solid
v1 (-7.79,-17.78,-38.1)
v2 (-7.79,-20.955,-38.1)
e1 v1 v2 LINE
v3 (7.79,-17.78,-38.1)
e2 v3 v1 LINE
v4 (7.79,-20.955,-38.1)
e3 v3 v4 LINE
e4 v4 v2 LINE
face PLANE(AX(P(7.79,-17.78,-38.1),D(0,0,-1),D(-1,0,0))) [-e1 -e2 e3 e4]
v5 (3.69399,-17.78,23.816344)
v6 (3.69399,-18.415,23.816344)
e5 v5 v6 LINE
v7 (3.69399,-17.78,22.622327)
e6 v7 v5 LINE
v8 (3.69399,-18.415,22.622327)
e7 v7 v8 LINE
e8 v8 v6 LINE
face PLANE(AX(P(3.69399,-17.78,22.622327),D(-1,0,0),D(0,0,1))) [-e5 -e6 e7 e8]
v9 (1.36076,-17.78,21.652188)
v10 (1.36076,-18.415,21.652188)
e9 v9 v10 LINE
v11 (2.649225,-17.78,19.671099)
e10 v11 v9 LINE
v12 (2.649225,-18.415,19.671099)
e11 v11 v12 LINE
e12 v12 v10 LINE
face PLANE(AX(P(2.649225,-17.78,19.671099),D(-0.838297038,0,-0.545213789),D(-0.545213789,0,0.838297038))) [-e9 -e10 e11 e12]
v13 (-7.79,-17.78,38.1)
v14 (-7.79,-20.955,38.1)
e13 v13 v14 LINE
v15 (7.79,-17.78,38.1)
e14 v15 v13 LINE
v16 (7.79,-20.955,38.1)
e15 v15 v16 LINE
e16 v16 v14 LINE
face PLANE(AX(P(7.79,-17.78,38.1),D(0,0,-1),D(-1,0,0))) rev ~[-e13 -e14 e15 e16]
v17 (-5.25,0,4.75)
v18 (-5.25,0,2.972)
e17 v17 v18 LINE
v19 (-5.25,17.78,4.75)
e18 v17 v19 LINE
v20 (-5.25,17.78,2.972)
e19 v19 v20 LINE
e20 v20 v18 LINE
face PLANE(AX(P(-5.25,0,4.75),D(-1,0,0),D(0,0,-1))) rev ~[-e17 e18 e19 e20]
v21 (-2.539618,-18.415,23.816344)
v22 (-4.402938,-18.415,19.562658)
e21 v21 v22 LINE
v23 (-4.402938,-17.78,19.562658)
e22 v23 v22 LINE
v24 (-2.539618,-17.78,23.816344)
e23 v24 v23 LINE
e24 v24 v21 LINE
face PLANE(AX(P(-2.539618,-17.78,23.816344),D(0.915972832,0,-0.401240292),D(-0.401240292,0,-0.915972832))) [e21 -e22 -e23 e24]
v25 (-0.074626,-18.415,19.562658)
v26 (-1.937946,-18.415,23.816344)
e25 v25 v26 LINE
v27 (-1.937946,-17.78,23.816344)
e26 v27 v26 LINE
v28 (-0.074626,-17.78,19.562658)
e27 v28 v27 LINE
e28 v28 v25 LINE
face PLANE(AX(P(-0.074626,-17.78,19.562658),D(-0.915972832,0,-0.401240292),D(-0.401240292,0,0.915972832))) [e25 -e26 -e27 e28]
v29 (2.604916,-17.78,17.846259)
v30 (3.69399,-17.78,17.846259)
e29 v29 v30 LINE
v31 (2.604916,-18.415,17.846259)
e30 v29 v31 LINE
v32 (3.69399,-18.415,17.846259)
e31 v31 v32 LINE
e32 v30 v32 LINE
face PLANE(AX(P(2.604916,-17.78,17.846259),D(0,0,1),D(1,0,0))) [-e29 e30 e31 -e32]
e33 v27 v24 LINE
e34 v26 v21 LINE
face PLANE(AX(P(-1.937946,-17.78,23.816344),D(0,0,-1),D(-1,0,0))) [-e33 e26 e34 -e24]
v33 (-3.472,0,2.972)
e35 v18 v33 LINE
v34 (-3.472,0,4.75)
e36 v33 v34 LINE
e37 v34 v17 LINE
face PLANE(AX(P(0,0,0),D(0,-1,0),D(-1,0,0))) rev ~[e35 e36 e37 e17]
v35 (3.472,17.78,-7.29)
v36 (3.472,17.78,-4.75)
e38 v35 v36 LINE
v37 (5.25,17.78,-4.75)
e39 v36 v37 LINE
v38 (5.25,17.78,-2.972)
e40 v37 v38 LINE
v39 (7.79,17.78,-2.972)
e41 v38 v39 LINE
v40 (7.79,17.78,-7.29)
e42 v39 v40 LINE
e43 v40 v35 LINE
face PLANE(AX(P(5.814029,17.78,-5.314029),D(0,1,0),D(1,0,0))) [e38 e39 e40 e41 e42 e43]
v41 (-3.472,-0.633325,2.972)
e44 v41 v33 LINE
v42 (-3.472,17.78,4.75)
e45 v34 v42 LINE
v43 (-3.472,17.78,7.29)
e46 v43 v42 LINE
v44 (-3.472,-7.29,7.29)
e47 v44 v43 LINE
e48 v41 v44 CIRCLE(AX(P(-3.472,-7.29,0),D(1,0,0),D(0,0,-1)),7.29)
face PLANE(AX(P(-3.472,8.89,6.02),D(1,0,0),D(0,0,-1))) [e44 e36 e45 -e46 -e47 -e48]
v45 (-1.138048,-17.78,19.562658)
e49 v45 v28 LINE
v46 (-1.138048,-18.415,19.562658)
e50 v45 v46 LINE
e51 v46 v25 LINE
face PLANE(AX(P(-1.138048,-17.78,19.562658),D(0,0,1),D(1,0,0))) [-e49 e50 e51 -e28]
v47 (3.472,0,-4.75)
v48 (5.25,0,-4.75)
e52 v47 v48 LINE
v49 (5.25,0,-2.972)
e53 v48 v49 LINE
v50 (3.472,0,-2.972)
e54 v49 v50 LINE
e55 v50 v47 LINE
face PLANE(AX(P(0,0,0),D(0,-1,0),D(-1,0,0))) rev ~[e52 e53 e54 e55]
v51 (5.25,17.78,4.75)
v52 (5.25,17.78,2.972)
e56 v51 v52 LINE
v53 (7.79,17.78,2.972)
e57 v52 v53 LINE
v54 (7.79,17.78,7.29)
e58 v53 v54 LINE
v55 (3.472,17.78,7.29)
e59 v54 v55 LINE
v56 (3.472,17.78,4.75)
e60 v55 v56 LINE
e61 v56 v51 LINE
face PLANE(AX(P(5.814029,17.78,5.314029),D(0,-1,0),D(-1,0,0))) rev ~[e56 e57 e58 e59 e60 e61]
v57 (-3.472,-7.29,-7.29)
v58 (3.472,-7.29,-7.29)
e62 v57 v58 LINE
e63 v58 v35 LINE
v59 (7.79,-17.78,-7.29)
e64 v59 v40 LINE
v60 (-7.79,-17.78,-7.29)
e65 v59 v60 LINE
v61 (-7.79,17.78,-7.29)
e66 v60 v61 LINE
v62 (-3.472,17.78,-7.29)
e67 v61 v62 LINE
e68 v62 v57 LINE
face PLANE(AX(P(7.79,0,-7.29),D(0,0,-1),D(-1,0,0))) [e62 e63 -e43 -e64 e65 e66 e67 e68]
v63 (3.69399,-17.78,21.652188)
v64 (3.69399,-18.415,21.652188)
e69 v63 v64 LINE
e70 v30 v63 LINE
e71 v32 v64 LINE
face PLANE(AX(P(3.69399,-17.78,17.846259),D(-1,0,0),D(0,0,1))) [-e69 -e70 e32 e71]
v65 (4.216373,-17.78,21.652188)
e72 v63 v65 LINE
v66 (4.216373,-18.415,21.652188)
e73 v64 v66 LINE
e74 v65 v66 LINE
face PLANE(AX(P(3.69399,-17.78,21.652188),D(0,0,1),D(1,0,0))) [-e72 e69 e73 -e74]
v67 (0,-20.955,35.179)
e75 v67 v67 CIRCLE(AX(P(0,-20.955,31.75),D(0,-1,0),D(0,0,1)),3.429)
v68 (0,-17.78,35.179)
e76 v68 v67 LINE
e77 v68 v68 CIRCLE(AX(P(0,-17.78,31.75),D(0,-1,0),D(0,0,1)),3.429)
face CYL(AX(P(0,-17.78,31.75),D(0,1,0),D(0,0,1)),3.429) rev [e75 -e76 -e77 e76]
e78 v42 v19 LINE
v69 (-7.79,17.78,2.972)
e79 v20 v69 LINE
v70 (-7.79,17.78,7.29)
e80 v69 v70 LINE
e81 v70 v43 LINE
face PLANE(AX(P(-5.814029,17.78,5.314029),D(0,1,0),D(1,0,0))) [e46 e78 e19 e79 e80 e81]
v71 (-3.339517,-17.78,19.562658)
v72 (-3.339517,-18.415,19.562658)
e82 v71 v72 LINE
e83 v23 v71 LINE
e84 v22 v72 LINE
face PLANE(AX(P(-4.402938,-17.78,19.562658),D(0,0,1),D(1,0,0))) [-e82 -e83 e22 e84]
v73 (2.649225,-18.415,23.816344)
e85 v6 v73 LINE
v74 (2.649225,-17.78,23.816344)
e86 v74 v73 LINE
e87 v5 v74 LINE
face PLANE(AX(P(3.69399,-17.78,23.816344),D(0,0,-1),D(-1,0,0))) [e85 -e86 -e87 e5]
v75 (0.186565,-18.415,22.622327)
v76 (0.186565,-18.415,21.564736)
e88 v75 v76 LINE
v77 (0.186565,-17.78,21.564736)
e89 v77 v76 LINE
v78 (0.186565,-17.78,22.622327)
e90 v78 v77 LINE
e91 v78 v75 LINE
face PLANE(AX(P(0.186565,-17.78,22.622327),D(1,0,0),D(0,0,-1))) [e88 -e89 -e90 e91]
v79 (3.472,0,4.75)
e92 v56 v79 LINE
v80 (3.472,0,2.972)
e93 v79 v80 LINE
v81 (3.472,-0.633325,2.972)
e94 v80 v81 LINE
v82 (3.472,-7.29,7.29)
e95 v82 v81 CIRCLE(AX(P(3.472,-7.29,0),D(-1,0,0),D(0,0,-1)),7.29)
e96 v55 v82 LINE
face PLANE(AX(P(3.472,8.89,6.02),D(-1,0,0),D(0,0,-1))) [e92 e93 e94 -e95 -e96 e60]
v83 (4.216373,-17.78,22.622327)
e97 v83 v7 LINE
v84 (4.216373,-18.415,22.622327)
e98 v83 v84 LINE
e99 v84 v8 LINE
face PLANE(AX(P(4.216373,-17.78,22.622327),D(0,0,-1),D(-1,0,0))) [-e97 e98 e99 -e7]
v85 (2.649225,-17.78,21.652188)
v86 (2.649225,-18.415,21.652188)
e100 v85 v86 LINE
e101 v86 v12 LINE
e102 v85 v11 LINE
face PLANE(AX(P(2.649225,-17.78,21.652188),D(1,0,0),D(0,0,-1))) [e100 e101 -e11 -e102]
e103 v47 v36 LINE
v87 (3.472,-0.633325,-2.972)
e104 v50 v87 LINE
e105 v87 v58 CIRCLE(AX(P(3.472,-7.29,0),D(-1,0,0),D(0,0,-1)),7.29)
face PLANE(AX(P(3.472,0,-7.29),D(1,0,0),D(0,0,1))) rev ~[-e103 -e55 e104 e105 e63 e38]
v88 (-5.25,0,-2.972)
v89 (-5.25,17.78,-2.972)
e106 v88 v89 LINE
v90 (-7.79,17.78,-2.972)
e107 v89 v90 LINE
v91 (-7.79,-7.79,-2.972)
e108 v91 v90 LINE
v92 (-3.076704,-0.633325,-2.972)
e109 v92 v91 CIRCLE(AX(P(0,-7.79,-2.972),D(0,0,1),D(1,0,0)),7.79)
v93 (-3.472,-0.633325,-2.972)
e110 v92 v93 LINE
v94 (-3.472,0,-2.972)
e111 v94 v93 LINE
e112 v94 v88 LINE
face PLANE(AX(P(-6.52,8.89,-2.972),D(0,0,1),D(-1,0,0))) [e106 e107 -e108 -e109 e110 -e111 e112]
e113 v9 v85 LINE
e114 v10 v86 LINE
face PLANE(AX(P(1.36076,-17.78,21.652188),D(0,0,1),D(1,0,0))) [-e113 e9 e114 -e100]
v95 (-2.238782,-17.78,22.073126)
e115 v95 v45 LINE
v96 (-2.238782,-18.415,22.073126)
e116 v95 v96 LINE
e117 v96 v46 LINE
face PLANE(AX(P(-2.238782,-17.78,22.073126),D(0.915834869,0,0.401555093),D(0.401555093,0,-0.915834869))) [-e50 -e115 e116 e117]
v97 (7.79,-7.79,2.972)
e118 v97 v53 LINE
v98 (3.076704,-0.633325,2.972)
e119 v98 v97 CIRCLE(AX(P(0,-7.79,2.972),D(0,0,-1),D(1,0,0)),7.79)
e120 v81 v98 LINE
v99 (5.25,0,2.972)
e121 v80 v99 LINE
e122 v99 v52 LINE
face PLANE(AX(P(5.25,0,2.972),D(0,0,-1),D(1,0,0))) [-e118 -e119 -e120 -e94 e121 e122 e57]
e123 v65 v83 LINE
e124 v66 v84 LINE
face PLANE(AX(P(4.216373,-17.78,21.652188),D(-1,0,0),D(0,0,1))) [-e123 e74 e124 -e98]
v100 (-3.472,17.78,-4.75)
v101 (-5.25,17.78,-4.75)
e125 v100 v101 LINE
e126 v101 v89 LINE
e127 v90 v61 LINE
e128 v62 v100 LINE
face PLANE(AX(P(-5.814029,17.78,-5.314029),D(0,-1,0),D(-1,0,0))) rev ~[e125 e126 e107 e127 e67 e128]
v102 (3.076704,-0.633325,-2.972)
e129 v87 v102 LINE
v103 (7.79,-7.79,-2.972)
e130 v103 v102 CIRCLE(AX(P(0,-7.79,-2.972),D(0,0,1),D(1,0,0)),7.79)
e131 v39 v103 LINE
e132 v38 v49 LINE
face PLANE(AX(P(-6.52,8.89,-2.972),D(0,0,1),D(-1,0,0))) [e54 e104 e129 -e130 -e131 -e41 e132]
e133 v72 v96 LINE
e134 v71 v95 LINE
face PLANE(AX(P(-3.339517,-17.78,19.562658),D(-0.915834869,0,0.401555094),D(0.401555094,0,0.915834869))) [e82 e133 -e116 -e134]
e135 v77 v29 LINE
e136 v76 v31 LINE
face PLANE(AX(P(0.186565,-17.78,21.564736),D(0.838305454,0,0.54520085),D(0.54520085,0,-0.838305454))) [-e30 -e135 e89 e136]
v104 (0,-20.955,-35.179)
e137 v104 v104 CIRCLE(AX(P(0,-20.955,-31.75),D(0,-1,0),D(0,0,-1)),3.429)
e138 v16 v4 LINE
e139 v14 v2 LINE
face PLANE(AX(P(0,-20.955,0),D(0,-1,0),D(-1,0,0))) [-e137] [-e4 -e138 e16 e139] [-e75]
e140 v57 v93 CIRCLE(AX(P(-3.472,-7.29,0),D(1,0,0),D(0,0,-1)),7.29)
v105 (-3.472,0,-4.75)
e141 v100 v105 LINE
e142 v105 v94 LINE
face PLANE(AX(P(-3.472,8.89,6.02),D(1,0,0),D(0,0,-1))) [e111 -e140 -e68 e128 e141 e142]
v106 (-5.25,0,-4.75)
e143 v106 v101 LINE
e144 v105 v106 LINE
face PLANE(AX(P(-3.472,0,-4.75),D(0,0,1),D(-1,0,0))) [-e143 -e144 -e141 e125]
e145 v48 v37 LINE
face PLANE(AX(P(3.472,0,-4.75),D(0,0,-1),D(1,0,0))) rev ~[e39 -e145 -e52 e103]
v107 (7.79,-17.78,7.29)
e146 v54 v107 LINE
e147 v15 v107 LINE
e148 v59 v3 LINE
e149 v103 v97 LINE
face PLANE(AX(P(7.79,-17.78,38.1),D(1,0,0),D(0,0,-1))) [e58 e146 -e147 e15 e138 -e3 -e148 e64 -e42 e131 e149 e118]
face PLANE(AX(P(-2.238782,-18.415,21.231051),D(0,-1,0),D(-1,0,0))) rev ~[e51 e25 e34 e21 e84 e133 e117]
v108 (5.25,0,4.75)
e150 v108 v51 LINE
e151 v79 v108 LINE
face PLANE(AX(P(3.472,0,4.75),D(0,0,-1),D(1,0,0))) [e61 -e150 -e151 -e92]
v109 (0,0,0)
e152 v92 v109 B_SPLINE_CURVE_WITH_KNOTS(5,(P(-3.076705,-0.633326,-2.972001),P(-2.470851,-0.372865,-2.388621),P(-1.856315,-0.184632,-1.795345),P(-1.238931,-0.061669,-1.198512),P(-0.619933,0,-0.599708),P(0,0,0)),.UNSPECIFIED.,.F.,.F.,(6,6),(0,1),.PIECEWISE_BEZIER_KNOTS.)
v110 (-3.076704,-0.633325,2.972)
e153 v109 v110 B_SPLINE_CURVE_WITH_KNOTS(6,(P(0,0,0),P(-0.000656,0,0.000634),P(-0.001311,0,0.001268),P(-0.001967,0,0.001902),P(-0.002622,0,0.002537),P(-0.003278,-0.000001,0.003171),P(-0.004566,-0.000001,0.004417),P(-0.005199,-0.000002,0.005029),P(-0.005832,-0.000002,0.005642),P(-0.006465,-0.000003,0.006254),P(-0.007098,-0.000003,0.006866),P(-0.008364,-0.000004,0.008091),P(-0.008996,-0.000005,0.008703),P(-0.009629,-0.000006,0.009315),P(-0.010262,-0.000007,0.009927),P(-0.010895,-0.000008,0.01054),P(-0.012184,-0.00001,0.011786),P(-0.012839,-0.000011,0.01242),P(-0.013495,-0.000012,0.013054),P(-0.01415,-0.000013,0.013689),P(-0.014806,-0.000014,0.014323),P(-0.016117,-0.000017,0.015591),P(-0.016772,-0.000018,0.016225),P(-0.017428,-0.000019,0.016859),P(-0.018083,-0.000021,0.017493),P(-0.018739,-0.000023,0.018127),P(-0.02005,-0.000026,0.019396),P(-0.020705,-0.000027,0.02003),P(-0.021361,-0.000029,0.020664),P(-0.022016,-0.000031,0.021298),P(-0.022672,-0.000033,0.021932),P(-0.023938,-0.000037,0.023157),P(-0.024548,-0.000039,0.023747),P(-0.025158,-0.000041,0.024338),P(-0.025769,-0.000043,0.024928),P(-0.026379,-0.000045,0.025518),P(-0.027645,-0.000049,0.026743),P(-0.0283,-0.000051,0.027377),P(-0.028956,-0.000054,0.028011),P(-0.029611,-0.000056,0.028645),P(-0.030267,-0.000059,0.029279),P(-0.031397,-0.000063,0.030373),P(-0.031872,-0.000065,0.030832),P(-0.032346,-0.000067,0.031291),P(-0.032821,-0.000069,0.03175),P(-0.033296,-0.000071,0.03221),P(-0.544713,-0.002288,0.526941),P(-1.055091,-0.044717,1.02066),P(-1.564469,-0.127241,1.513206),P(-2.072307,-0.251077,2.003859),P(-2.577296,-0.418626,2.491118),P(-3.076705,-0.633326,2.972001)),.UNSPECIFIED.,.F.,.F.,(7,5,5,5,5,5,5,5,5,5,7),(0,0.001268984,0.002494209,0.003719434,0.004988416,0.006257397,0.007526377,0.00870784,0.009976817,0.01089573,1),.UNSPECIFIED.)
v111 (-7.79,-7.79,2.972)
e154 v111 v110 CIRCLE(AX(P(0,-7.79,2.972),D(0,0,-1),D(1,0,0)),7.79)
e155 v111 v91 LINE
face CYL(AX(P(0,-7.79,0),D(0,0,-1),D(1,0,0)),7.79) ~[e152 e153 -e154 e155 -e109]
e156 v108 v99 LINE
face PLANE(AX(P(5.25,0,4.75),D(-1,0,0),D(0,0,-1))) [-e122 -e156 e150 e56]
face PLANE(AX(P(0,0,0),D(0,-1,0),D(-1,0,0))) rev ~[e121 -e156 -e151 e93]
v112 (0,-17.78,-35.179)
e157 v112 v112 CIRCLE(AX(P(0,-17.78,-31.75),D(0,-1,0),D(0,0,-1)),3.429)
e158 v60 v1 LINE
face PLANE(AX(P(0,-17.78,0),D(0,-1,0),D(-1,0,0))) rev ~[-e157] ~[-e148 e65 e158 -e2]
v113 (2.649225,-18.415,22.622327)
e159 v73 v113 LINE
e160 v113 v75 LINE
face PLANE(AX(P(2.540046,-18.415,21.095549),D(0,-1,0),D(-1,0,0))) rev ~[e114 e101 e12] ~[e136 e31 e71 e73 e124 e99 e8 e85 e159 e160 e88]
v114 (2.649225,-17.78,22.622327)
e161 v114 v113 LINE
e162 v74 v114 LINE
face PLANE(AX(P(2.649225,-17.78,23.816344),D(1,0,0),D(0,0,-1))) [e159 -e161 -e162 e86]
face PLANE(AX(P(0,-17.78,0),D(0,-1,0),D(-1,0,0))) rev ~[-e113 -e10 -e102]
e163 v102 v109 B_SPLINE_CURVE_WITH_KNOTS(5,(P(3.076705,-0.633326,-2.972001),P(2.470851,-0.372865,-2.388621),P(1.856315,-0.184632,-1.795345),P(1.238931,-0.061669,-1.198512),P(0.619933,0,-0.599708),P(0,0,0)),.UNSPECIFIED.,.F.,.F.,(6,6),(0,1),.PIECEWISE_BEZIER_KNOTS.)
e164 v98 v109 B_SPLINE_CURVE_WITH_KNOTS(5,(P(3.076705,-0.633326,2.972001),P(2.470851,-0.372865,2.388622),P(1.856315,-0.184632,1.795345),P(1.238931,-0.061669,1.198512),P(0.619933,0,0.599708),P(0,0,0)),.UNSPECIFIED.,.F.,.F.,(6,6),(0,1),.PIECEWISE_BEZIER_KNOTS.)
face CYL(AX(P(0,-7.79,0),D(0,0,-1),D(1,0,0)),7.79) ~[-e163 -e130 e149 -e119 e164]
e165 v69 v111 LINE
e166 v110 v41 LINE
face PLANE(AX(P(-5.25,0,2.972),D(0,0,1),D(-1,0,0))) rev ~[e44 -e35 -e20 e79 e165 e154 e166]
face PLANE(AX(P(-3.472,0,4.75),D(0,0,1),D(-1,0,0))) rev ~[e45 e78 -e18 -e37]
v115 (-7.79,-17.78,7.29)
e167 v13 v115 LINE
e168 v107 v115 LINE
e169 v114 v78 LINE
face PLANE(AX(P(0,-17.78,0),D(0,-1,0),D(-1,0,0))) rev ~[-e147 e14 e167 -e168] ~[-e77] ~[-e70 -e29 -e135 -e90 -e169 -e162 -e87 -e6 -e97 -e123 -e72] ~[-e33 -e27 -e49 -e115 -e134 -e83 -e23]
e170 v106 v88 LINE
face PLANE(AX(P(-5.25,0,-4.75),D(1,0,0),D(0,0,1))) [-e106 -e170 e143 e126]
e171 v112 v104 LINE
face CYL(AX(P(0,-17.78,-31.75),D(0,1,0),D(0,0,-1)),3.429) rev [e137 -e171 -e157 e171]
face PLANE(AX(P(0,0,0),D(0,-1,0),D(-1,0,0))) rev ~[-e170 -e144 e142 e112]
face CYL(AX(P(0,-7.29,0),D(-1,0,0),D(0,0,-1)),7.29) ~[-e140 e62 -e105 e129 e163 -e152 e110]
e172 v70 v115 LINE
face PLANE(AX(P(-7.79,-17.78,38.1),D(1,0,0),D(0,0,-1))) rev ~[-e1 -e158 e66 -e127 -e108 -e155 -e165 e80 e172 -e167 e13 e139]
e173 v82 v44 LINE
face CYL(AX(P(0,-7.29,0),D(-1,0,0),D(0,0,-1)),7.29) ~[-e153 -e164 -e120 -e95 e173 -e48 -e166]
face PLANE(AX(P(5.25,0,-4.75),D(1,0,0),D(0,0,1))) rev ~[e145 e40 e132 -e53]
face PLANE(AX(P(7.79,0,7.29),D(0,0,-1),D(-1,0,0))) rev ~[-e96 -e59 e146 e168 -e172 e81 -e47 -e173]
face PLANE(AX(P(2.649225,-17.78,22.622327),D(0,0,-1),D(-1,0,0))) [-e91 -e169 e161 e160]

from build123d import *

# Parameters (mm, degrees)
BOSS_EXTRUDE1_DEPTH            = 17.78
BOSS_EXTRUDE1_2_DEPTH          = 17.78
BOSS_EXTRUDE1_3_DEPTH          = 17.78
BOSS_EXTRUDE1_4_DEPTH          = 17.78
SKETCH2_W                      = 15.58
SKETCH2_H                      = 14.58
BOSS_EXTRUDE2_DEPTH            = 17.78
SKETCH3_W                      = 15.58
SKETCH3_H                      = 76.2
SKETCH3_R                      = 3.429
BOSS_EXTRUDE3_DEPTH            = 3.175
CUT_EXTRUDE3_DEPTH             = 0.635
CUT_EXTRUDE4_REACH             = 46.175
CUT_EXTRUDE4_DIRECTION_2_REACH = 46.175
CUT_EXTRUDE5_REACH             = 46.175
CUT_EXTRUDE5_DIRECTION_2_REACH = 46.175


with BuildPart() as part:
    # Sketch1 → Boss-Extrude1 (new body)
    with BuildSketch(Plane(origin=(0, 0, 0), x_dir=(1, 0, 0), z_dir=(0, 1, 0))):
        Polygon((-5.25, 4.75), (-5.25, 2.972), (-7.79, 2.972), (-7.79, 7.29), (-3.472, 7.29), (-3.472, 4.75), align=None)
    extrude(amount=BOSS_EXTRUDE1_DEPTH)



with BuildPart() as body_2:
    # Sketch1 → Boss-Extrude1 2 (new body)
    with BuildSketch(Plane(origin=(0, 0, 0), x_dir=(1, 0, 0), z_dir=(0, 1, 0))):
        Polygon((7.79, 2.972), (7.79, 7.29), (3.472, 7.29), (3.472, 4.75), (5.25, 4.75), (5.25, 2.972), align=None)
    extrude(amount=BOSS_EXTRUDE1_2_DEPTH)


with BuildPart() as body_3:
    # Sketch1 → Boss-Extrude1 3 (new body)
    with BuildSketch(Plane(origin=(0, 0, 0), x_dir=(1, 0, 0), z_dir=(0, 1, 0))):
        Polygon((5.25, -2.972), (7.79, -2.972), (7.79, -7.29), (3.472, -7.29), (3.472, -4.75), (5.25, -4.75), align=None)
    extrude(amount=BOSS_EXTRUDE1_3_DEPTH)


with BuildPart() as body_4:
    # Sketch1 → Boss-Extrude1 4 (new body)
    with BuildSketch(Plane(origin=(0, 0, 0), x_dir=(1, 0, 0), z_dir=(0, 1, 0))):
        Polygon((-5.25, -2.972), (-7.79, -2.972), (-7.79, -7.29), (-3.472, -7.29), (-3.472, -4.75), (-5.25, -4.75), align=None)
    extrude(amount=BOSS_EXTRUDE1_4_DEPTH)


with BuildPart() as part_1:
    add(part.part)

    add(body_2.part)  # Boss-Extrude2 merges body 2

    add(body_3.part)  # Boss-Extrude2 merges body 3

    add(body_4.part)  # Boss-Extrude2 merges body 4
    # Sketch2 → Boss-Extrude2 (add)
    with BuildSketch(Plane(origin=(0, 0, 0), x_dir=(-1, 0, 0), z_dir=(0, -1, 0))):
        Rectangle(SKETCH2_W, SKETCH2_H)
    extrude(amount=BOSS_EXTRUDE2_DEPTH)

    # Sketch3 → Boss-Extrude3 (add)
    with BuildSketch(Plane(origin=(0, -17.78, 0), x_dir=(-1, 0, 0), z_dir=(0, -1, 0))):
        Rectangle(SKETCH3_W, SKETCH3_H)
        with Locations(Location((0, 31.75, 0), (0, 0, 90))):
            Circle(SKETCH3_R, mode=Mode.SUBTRACT)
        with Locations(Location((0, -31.75, 0), (0, 0, 270))):
            Circle(SKETCH3_R, mode=Mode.SUBTRACT)
    extrude(amount=BOSS_EXTRUDE3_DEPTH)

    # Sketch5 → Cut-Extrude3 (cut)
    # profile 1 of 2: a face of its own
    with BuildSketch(Plane(origin=(0, -17.78, 0), x_dir=(1, 0, 0), z_dir=(0, 1, 0))):
        Polygon((-4.402938034, -19.56265828), (-3.33951656, -19.56265828), (-2.238782051, -22.073125862), (-1.138047543, -19.56265828), (-0.074626068, -19.56265828), (-1.937945713, -23.816344178), (-2.539618389, -23.816344178), align=None)
    # profile 2 of 2: a face of its own
    with BuildSketch(Plane(origin=(0, -17.78, 0), x_dir=(1, 0, 0), z_dir=(0, 1, 0))):
        Polygon((2.604916199, -17.846258707), (3.693990385, -17.846258707), (3.693990385, -21.652188195), (4.216372863, -21.652188195), (4.216372863, -22.622327084), (3.693990385, -22.622327084), (3.693990385, -23.816344178), (2.649225427, -23.816344178), (2.649225427, -22.622327084), (0.186565171, -22.622327084), (0.186565171, -21.564735771), align=None)
        Polygon((2.649225427, -21.652188195), (2.649225427, -19.671099286), (1.360759716, -21.652188195), align=None, mode=Mode.SUBTRACT)
    extrude(amount=-CUT_EXTRUDE3_DEPTH, mode=Mode.SUBTRACT)

    # Cut-Extrude4: up to this face of the body (flat: up to its plane)
    cut_extrude4_end = Plane(part_1.part.faces().sort_by_distance((-3.472, 8.89, 6.02))[0])
    # Sketch6 → Cut-Extrude4 (cut, up to the picked face)
    with BuildSketch(Plane(origin=(0, 0, 0), x_dir=(0, 0, -1), z_dir=(1, 0, 0)), mode=Mode.PRIVATE) as cut_extrude4_sk1:
        with BuildLine():
            Line((-7.29, -7.29), (-7.29, 2.54))
            Line((-7.29, 2.54), (7.29, 2.54))
            Line((7.29, 2.54), (7.29, -7.29))
            ThreePointArc((7.29, -7.29), (0, 0), (-7.29, -7.29))
        make_face()
    cut_extrude4_tool1 = split(extrude(cut_extrude4_sk1.sketch, amount=-CUT_EXTRUDE4_REACH, mode=Mode.PRIVATE), bisect_by=cut_extrude4_end, keep=Keep.BOTH, mode=Mode.PRIVATE)
    add(cut_extrude4_tool1.solids().sort_by(Axis((0, 0.165267, 0), (-1, 0, 0)))[0], mode=Mode.SUBTRACT)

    # Cut-Extrude4 direction 2: up to this face of the body (flat: up to its plane)
    cut_extrude4_direction_2_end = Plane(part_1.part.faces().sort_by_distance((3.472, 8.89, 6.02))[0])
    # Sketch6 → Cut-Extrude4 direction 2 (cut, up to the picked face)
    with BuildSketch(Plane(origin=(0, 0, 0), x_dir=(0, 0, -1), z_dir=(1, 0, 0)), mode=Mode.PRIVATE) as cut_extrude4_direction_2_sk1:
        with BuildLine():
            Line((-7.29, -7.29), (-7.29, 2.54))
            Line((-7.29, 2.54), (7.29, 2.54))
            Line((7.29, 2.54), (7.29, -7.29))
            ThreePointArc((7.29, -7.29), (0, 0), (-7.29, -7.29))
        make_face()
    cut_extrude4_direction_2_tool1 = split(extrude(cut_extrude4_direction_2_sk1.sketch, amount=CUT_EXTRUDE4_DIRECTION_2_REACH, mode=Mode.PRIVATE), bisect_by=cut_extrude4_direction_2_end, keep=Keep.BOTH, mode=Mode.PRIVATE)
    add(cut_extrude4_direction_2_tool1.solids().sort_by(Axis((0, 0.165267, 0), (1, 0, 0)))[0], mode=Mode.SUBTRACT)

    # Cut-Extrude5: up to this face of the body (flat: up to its plane)
    cut_extrude5_end = Plane(part_1.part.faces().sort_by_distance((-6.52, 8.89, -2.972))[0])
    # Sketch7 → Cut-Extrude5 (cut, up to the picked face)
    with BuildSketch(Plane.XY, mode=Mode.PRIVATE) as cut_extrude5_sk1:
        with BuildLine():
            Line((-7.79, -7.79), (-7.79, 4.538671937))
            Line((-7.79, 4.538671937), (7.79, 4.538671937))
            Line((7.79, 4.538671937), (7.79, -7.79))
            ThreePointArc((7.79, -7.79), (0, 0), (-7.79, -7.79))
        make_face()
    cut_extrude5_tool1 = split(extrude(cut_extrude5_sk1.sketch, amount=-CUT_EXTRUDE5_REACH, mode=Mode.PRIVATE), bisect_by=cut_extrude5_end, keep=Keep.BOTH, mode=Mode.PRIVATE)
    add(cut_extrude5_tool1.solids().sort_by(Axis((0, 1.190075, 0), (0, 0, -1)))[0], mode=Mode.SUBTRACT)

    # Cut-Extrude5 direction 2: up to this face of the body (flat: up to its plane)
    cut_extrude5_direction_2_end = Plane(part_1.part.faces().sort_by_distance((-6.52, 8.89, 2.972))[0])
    # Sketch7 → Cut-Extrude5 direction 2 (cut, up to the picked face)
    with BuildSketch(Plane.XY, mode=Mode.PRIVATE) as cut_extrude5_direction_2_sk1:
        with BuildLine():
            Line((-7.79, -7.79), (-7.79, 4.538671937))
            Line((-7.79, 4.538671937), (7.79, 4.538671937))
            Line((7.79, 4.538671937), (7.79, -7.79))
            ThreePointArc((7.79, -7.79), (0, 0), (-7.79, -7.79))
        make_face()
    cut_extrude5_direction_2_tool1 = split(extrude(cut_extrude5_direction_2_sk1.sketch, amount=CUT_EXTRUDE5_DIRECTION_2_REACH, mode=Mode.PRIVATE), bisect_by=cut_extrude5_direction_2_end, keep=Keep.BOTH, mode=Mode.PRIVATE)
    add(cut_extrude5_direction_2_tool1.solids().sort_by(Axis((0, 1.190075, 0), (0, 0, 1)))[0], mode=Mode.SUBTRACT)


solid = part_1.part
